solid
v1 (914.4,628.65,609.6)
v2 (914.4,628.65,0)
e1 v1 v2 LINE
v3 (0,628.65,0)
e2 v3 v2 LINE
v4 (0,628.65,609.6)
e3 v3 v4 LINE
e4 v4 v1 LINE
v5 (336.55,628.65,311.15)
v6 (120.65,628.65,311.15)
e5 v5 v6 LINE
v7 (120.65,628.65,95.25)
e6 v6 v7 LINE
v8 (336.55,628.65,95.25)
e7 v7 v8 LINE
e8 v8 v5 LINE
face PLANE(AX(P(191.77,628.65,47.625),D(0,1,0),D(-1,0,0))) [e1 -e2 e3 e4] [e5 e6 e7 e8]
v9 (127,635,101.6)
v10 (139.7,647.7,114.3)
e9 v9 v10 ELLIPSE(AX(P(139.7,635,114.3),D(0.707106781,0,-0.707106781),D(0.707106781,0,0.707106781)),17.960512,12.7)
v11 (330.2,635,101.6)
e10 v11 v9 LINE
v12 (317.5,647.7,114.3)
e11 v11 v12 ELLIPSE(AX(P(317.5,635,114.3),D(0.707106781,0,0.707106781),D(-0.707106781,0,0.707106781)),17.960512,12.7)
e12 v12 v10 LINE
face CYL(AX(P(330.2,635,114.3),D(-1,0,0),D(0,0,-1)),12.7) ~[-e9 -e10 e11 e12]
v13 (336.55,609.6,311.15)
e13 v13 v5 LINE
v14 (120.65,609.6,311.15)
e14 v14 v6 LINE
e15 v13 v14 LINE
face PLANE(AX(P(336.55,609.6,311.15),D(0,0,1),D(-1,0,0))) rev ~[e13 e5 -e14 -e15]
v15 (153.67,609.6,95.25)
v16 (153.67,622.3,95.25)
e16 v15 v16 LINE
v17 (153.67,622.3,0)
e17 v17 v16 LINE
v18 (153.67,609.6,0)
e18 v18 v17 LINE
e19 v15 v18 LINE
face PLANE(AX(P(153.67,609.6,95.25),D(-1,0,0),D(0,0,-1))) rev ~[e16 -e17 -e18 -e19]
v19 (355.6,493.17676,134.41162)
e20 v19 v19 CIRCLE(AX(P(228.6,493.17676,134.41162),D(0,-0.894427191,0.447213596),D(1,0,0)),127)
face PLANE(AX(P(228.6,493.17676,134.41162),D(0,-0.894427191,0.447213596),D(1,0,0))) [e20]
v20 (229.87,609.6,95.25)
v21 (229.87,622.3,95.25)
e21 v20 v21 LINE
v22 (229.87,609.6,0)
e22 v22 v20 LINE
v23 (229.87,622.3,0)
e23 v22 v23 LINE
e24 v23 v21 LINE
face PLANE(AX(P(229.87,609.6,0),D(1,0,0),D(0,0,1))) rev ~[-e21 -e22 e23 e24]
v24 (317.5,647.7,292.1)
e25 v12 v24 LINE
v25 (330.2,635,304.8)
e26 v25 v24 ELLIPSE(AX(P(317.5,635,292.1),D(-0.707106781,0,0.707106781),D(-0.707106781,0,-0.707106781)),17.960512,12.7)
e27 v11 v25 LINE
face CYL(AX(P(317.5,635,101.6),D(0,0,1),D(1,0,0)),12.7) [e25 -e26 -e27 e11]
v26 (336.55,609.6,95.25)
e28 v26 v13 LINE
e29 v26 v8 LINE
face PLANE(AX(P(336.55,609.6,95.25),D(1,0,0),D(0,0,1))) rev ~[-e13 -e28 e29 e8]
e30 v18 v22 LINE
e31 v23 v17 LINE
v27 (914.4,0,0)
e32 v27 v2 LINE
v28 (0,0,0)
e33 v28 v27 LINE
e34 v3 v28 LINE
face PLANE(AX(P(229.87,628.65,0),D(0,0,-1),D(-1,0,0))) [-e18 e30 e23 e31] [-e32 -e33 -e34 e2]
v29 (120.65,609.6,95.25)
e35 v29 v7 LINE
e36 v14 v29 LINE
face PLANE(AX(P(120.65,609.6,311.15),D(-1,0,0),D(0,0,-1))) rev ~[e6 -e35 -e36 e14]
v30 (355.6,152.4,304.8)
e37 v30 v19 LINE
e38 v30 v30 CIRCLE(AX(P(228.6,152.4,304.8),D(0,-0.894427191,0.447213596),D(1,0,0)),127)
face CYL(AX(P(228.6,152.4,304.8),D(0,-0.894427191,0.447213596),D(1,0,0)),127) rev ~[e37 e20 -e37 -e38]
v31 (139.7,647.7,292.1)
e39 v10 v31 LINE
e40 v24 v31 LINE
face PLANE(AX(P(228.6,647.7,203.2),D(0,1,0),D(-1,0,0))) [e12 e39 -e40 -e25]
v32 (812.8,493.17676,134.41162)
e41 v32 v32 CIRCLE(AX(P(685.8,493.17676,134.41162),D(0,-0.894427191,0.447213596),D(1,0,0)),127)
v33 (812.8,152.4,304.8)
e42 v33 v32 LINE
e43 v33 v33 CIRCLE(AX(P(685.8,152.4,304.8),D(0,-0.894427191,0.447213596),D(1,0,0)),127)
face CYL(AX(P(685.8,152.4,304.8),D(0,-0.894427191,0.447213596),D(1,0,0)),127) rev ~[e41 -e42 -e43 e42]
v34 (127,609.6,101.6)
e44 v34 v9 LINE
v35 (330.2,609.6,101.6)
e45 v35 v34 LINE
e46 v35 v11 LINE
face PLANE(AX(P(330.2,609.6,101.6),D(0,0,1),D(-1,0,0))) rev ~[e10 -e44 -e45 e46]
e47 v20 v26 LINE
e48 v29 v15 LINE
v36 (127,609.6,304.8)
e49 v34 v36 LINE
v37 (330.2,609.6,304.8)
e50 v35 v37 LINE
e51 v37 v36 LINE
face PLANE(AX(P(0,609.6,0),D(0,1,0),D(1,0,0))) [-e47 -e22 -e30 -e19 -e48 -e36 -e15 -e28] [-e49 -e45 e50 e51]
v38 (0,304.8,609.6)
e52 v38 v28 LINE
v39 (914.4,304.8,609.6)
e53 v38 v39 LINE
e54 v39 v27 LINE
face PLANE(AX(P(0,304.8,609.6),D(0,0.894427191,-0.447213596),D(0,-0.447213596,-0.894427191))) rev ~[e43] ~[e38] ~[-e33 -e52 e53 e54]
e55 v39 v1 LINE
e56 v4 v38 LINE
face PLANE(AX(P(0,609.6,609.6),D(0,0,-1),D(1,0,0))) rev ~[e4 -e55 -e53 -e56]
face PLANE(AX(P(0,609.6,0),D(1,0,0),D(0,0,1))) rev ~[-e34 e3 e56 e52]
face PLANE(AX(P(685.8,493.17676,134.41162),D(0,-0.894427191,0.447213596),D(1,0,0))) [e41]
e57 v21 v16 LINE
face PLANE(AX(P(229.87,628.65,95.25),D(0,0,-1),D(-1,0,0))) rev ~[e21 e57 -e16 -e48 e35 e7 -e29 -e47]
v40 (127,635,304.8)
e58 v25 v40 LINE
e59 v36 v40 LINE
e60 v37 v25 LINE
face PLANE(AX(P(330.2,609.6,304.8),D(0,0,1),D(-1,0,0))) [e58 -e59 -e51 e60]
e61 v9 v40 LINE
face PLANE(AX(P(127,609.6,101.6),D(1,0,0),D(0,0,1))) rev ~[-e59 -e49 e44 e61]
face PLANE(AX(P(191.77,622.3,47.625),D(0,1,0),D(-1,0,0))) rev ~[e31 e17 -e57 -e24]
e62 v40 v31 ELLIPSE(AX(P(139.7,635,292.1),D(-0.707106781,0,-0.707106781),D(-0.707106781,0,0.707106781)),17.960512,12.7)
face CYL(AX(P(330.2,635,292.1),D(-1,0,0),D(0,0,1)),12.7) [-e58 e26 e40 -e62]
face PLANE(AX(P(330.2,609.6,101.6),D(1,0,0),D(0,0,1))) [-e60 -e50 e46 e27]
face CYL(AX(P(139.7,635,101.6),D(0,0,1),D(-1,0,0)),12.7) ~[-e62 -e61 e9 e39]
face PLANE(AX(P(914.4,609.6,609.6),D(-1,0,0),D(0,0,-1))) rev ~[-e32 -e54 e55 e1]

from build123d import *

# Parameters (mm, degrees)
F0_W      = 914.4
F0_H      = 609.6
F1_DEPTH  = 609.6
F3_DEPTH  = 914.401
F4_R      = 127
F5_DEPTH  = 381
F6_W      = 203.2
F6_H      = 203.2
F7_DEPTH  = 38.1
F8_R      = 12.7
F10_DEPTH = 19.05
F11_W     = 76.2
F11_H     = 95.25
F12_DEPTH = 6.35


with BuildPart() as f1:
    # F0 (on Top) → F1 (new body)
    with BuildSketch(Plane.XY):
        with Locations((457.2, 304.8)):
            Rectangle(F0_W, F0_H)
    extrude(amount=F1_DEPTH)

    # F2 (on face) → F3 (cut, through all)
    with BuildSketch(Plane(origin=(0, 0, 0), x_dir=(0, -1, 0), z_dir=(-1, 0, 0))):
        Polygon((0, 609.6), (-304.8, 609.6), (0, 0), align=None)
    extrude(amount=-F3_DEPTH, mode=Mode.SUBTRACT)

    # F4 (on face) → F5 (cut)
    with BuildSketch(Plane(origin=(0, 0, 0), x_dir=(1, 0, 0), z_dir=(0, -0.894427191, 0.4472135955))):
        with Locations((228.6, 340.776759771)):
            Circle(F4_R)
        with Locations((685.8, 340.776759771)):
            Circle(F4_R)
    extrude(amount=-F5_DEPTH, mode=Mode.SUBTRACT)

    # F6 (on face) → F7 (join)
    with BuildSketch(Plane(origin=(0, 609.6, 0), x_dir=(-1, 0, 0), z_dir=(0, 1, 0))):
        with Locations((-228.6, 203.2)):
            Rectangle(F6_W, F6_H)
    extrude(amount=F7_DEPTH)

    # F8
    f8_edges = [f1.edges().sort_by_distance(p)[0] for p in [
        (127, 647.7, 203.2),
        (228.6, 647.7, 304.8),
        (330.2, 647.7, 203.2),
        (228.6, 647.7, 101.6),
    ]]
    fillet(f8_edges, radius=F8_R)

    # F9 (on face) → F10 (join)
    with BuildSketch(Plane(origin=(0, 609.6, 0), x_dir=(-1, 0, 0), z_dir=(0, 1, 0))):
        Polygon((0, 609.6), (-914.4, 609.6), (-914.4, 0), (-229.87, 0), (-229.87, 95.25), (-336.55, 95.25), (-336.55, 311.15), (-120.65, 311.15), (-120.65, 95.25), (-153.67, 95.25), (-153.67, 0), (0, 0), align=None)
    extrude(amount=F10_DEPTH)

    # F11 (on face) → F12 (join)
    with BuildSketch(Plane(origin=(0, 628.65, 0), x_dir=(-1, 0, 0), z_dir=(0, 1, 0))):
        with Locations((-191.77, 47.625)):
            Rectangle(F11_W, F11_H)
    extrude(amount=-F12_DEPTH)


solid = f1.part
